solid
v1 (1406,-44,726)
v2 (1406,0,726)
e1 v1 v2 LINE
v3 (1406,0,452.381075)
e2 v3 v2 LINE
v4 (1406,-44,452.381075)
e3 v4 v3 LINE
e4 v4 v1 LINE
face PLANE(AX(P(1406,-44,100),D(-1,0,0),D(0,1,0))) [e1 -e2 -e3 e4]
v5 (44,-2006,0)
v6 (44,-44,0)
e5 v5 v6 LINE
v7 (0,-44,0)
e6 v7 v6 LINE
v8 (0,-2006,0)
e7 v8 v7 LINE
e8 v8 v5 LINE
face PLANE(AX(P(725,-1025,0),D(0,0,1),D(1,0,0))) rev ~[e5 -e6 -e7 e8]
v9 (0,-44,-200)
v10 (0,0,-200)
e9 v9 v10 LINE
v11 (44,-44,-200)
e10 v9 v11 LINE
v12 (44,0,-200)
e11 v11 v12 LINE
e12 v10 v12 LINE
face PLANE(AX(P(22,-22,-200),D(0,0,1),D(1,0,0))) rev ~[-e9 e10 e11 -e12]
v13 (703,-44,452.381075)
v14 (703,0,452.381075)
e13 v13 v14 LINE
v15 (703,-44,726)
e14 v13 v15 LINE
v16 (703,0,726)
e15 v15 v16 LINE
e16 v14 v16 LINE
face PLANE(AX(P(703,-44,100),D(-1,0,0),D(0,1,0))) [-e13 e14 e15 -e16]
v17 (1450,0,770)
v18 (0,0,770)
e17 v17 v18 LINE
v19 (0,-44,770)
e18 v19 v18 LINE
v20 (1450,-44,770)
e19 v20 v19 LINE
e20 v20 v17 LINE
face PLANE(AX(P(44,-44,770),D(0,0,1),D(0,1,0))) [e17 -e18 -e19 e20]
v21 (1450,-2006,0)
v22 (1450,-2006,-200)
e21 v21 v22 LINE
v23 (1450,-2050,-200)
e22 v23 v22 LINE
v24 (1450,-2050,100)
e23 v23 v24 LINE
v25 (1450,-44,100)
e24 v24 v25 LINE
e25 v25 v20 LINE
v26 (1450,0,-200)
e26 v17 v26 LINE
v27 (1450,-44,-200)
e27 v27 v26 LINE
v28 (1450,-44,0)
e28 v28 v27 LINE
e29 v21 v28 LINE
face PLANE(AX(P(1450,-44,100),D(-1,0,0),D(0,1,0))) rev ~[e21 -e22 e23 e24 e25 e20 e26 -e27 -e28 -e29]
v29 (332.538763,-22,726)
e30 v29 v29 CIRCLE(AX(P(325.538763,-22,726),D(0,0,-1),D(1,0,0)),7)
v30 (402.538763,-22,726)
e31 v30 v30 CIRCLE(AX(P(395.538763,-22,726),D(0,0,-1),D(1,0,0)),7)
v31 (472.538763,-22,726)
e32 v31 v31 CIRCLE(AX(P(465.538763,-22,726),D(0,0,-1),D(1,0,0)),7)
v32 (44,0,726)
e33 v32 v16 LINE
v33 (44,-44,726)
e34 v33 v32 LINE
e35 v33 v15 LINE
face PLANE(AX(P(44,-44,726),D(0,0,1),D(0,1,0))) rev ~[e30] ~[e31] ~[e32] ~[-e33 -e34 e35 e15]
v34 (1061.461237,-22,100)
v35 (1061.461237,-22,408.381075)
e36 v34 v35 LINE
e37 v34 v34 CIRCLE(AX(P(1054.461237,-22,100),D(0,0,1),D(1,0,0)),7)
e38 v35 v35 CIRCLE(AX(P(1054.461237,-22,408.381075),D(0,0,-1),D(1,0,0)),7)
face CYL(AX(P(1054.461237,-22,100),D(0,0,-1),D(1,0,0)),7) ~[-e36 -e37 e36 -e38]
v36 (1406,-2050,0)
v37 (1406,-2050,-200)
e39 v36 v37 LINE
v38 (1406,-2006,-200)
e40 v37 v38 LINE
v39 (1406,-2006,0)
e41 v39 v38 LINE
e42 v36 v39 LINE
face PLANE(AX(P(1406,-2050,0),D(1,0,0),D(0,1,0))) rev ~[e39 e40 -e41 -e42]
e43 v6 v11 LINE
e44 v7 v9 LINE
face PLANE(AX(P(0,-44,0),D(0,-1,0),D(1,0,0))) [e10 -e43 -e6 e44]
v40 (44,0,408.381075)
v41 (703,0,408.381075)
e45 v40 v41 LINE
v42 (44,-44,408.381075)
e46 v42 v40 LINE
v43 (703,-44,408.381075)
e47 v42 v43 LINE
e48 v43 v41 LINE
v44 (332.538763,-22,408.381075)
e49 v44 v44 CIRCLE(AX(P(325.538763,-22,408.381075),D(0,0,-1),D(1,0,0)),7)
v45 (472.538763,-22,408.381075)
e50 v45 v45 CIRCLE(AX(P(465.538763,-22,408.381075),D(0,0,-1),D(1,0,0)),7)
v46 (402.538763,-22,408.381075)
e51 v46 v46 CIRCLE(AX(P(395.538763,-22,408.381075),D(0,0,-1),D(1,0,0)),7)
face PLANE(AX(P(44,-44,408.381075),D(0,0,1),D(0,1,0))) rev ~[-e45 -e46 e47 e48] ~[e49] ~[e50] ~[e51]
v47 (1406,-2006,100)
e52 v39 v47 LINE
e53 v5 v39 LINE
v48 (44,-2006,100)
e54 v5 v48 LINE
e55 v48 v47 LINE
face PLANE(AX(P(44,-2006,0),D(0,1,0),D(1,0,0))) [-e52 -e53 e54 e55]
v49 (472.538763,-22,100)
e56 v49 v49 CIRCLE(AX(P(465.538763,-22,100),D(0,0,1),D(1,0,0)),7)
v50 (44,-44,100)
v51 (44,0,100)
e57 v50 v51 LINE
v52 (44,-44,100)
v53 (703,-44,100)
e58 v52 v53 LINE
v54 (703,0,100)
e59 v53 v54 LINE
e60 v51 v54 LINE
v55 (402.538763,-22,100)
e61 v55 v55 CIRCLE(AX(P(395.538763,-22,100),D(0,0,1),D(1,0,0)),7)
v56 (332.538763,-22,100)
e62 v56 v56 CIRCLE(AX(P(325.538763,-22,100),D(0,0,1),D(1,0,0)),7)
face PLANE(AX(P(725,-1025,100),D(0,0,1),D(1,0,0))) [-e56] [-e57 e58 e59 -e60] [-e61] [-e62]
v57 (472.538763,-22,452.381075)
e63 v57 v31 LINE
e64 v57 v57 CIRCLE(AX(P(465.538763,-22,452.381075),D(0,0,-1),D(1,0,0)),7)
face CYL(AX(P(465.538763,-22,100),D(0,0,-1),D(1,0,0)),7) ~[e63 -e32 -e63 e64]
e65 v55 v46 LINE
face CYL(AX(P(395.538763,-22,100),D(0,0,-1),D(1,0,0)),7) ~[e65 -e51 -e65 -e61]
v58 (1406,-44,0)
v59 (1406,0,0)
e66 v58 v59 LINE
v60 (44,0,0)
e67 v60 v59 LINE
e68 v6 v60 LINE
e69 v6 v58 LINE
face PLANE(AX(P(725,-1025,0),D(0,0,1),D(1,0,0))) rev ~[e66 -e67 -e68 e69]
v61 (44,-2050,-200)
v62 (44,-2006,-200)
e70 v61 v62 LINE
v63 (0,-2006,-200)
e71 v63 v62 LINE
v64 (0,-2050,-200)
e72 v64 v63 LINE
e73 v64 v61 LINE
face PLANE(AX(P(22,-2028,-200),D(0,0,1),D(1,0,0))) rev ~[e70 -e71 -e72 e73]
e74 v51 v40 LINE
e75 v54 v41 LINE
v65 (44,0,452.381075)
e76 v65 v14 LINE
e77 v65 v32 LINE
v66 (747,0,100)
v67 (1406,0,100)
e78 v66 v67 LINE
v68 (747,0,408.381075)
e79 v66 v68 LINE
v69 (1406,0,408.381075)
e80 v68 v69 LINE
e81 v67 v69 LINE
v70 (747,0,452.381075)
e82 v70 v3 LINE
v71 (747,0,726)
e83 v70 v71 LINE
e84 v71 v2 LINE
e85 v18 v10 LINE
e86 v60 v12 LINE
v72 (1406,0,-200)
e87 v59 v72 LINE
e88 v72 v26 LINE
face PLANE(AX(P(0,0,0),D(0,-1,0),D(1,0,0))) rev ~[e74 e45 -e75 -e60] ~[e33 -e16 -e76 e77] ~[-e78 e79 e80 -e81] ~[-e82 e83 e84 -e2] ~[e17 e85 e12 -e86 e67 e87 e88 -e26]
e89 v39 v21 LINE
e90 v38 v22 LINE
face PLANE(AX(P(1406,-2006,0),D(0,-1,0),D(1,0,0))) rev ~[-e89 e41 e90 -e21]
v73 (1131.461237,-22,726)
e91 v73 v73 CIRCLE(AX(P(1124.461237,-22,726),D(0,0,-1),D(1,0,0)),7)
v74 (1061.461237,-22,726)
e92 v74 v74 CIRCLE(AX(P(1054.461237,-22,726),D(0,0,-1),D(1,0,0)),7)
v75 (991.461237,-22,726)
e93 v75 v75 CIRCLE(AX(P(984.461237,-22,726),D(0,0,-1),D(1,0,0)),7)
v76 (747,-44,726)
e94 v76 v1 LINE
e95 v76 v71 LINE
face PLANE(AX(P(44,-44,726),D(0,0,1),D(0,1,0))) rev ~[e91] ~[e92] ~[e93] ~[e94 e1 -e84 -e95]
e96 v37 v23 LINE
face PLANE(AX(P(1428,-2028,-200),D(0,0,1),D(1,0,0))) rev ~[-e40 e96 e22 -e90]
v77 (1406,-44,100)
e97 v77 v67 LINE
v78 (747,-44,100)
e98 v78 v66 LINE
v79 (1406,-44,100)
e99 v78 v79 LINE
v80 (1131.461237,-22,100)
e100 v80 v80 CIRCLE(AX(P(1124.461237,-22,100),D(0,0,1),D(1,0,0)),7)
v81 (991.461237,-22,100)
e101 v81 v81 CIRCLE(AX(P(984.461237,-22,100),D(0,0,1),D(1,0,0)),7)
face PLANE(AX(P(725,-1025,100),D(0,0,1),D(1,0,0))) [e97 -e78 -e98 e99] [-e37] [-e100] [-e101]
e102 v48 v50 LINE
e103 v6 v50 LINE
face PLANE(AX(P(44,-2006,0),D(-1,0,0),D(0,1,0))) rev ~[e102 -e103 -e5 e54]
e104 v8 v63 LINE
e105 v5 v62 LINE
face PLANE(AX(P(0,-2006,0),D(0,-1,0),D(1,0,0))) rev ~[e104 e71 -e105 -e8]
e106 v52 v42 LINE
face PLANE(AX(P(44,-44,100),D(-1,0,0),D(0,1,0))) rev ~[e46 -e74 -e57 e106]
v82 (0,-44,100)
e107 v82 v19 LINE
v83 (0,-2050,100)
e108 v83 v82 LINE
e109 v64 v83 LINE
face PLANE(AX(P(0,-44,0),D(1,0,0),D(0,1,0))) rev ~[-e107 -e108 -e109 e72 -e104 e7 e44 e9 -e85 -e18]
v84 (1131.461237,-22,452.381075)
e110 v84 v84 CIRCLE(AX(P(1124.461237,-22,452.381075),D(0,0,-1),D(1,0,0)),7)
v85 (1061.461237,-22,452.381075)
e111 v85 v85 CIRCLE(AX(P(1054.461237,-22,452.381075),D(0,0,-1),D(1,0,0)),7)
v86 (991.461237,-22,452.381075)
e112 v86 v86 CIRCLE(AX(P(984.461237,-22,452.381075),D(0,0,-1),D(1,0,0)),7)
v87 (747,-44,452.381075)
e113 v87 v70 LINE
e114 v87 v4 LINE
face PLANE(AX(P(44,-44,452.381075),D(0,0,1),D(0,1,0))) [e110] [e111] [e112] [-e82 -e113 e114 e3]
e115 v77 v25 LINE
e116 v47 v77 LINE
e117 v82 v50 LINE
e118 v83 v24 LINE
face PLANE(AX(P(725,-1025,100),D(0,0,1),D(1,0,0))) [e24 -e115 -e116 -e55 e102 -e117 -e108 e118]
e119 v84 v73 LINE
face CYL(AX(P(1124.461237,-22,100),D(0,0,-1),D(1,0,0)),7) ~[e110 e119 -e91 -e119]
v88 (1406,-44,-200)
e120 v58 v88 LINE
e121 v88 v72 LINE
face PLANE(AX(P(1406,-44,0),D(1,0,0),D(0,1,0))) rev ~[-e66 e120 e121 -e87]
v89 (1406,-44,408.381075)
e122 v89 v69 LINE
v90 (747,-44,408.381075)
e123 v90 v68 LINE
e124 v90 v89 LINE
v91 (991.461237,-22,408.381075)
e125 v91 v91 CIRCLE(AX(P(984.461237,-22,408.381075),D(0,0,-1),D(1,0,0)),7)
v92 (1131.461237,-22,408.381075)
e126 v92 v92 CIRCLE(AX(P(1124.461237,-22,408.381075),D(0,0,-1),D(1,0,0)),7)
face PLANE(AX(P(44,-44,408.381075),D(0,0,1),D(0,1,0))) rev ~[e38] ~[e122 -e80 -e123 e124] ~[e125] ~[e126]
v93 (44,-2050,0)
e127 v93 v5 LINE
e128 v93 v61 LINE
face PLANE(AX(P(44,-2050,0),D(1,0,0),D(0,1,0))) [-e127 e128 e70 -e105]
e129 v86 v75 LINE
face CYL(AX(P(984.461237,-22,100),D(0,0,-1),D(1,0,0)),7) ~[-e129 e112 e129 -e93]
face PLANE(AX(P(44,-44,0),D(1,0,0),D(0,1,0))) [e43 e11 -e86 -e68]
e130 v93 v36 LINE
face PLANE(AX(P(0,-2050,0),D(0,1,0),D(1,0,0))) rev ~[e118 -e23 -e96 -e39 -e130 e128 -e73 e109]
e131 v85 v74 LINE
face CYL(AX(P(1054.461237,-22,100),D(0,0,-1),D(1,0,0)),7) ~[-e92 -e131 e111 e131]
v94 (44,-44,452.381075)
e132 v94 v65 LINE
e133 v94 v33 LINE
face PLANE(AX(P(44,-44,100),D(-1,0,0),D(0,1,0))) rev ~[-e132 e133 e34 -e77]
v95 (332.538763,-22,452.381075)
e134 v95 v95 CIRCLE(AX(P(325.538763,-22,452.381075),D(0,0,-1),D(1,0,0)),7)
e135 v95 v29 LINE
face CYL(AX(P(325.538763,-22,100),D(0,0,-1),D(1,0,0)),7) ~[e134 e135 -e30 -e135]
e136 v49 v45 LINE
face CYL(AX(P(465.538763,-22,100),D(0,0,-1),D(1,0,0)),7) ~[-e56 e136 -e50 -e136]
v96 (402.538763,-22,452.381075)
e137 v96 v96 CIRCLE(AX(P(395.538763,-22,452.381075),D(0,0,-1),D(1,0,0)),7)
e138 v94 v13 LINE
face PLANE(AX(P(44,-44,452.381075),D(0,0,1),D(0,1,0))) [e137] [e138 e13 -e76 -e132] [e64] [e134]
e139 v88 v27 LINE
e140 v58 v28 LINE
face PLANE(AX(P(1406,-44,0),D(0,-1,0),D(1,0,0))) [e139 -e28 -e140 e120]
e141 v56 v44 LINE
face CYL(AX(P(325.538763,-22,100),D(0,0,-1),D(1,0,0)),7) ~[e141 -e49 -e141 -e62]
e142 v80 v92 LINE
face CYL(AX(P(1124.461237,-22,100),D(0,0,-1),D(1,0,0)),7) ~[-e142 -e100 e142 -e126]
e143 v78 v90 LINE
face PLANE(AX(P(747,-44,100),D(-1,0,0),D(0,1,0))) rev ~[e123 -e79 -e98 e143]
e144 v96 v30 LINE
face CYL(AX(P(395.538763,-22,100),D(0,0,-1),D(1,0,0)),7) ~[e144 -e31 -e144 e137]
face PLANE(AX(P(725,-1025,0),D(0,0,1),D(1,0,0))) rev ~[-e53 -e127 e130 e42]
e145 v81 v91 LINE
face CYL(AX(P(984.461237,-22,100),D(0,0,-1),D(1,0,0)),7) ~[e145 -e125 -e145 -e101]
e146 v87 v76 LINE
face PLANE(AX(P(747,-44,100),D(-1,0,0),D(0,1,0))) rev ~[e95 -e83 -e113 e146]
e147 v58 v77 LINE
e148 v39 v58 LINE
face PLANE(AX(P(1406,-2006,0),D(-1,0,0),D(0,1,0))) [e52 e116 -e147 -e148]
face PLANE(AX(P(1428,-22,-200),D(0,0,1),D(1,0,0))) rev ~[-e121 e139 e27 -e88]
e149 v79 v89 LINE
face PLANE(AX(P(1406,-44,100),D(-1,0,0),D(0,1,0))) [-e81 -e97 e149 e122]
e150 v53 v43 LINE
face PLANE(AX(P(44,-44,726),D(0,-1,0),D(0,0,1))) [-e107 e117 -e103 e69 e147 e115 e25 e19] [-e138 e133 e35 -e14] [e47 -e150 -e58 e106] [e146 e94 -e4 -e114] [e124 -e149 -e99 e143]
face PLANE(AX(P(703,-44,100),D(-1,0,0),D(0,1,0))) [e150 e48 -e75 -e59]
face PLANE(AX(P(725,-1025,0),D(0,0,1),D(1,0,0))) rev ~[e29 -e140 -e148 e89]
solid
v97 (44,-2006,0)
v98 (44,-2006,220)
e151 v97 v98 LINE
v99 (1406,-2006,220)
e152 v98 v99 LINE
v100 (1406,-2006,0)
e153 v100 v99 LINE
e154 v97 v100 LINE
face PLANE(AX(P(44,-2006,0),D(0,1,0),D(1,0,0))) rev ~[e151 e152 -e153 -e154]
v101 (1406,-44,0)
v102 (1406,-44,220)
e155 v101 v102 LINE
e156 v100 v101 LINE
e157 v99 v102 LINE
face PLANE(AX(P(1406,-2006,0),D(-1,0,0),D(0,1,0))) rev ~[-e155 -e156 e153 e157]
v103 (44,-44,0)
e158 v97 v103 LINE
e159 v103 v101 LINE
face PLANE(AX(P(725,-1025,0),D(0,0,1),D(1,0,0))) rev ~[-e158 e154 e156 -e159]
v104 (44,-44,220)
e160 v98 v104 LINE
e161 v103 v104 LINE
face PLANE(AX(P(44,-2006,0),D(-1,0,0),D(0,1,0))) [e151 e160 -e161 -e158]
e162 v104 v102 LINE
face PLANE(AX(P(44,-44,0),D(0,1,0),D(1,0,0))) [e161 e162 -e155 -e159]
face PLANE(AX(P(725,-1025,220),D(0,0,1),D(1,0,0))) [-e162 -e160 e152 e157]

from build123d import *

# Parameters (mm, degrees)
F0_W     = 1450
F0_H     = 2050
F0_W_2   = 1362
F0_H_2   = 1962
F1_DEPTH = 100
F2_W     = 44
F2_H     = 44
F2_R     = 7
F3_DEPTH = 670
F4_W     = 44
F4_H     = 44
F5_DEPTH = 1362
F6_W     = 44
F6_H     = 44
F7_DEPTH = 200
F8_DEPTH = 220


with BuildPart() as f1:
    # F0 (on Top) → F1 (new body)
    with BuildSketch(Plane.XY):
        with Locations((725, -1025)):
            Rectangle(F0_W, F0_H)
        with Locations((725, -1025)):
            Rectangle(F0_W_2, F0_H_2, mode=Mode.SUBTRACT)
    extrude(amount=F1_DEPTH)

    # F2 (on face) → F3 (join)
    with BuildSketch(Plane.XY.offset(100)):
        with Locations((1428, -22)):
            Rectangle(F2_W, F2_H)
        with Locations((22, -22)):
            Rectangle(F2_W, F2_H)
        with Locations((725, -22)):
            Rectangle(F2_W, F2_H)
        with Locations((1054.461237, -22)):
            Circle(F2_R)
        with Locations((984.461237, -22)):
            Circle(F2_R)
        with Locations((1124.461237, -22)):
            Circle(F2_R)
        with Locations((465.538763, -22)):
            Circle(F2_R)
        with Locations((395.538763, -22)):
            Circle(F2_R)
        with Locations((325.538763, -22)):
            Circle(F2_R)
    extrude(amount=F3_DEPTH)

    # F4 (on face) → F5 (join, through all)
    with BuildSketch(Plane.YZ.offset(44)):
        with Locations((-22, 748)):
            Rectangle(F4_W, F4_H)
        with Locations((-22, 430.381075)):
            Rectangle(F4_W, F4_H)
    extrude(amount=F5_DEPTH)

    # F6 (on face) → F7 (join)
    with BuildSketch(Plane.XY):
        with Locations((22, -22)):
            Rectangle(F6_W, F6_H)
        with Locations((1428, -22)):
            Rectangle(F6_W, F6_H)
        with Locations((1428, -2028)):
            Rectangle(F6_W, F6_H)
        with Locations((22, -2028)):
            Rectangle(F6_W, F6_H)
    extrude(amount=-F7_DEPTH)


with BuildPart() as f8:
    # F0 (on Top) → F8 (new body)
    with BuildSketch(Plane.XY):
        with Locations((725, -1025)):
            Rectangle(F0_W_2, F0_H_2)
    extrude(amount=F8_DEPTH)


solid = Compound([f1.part, f8.part])
